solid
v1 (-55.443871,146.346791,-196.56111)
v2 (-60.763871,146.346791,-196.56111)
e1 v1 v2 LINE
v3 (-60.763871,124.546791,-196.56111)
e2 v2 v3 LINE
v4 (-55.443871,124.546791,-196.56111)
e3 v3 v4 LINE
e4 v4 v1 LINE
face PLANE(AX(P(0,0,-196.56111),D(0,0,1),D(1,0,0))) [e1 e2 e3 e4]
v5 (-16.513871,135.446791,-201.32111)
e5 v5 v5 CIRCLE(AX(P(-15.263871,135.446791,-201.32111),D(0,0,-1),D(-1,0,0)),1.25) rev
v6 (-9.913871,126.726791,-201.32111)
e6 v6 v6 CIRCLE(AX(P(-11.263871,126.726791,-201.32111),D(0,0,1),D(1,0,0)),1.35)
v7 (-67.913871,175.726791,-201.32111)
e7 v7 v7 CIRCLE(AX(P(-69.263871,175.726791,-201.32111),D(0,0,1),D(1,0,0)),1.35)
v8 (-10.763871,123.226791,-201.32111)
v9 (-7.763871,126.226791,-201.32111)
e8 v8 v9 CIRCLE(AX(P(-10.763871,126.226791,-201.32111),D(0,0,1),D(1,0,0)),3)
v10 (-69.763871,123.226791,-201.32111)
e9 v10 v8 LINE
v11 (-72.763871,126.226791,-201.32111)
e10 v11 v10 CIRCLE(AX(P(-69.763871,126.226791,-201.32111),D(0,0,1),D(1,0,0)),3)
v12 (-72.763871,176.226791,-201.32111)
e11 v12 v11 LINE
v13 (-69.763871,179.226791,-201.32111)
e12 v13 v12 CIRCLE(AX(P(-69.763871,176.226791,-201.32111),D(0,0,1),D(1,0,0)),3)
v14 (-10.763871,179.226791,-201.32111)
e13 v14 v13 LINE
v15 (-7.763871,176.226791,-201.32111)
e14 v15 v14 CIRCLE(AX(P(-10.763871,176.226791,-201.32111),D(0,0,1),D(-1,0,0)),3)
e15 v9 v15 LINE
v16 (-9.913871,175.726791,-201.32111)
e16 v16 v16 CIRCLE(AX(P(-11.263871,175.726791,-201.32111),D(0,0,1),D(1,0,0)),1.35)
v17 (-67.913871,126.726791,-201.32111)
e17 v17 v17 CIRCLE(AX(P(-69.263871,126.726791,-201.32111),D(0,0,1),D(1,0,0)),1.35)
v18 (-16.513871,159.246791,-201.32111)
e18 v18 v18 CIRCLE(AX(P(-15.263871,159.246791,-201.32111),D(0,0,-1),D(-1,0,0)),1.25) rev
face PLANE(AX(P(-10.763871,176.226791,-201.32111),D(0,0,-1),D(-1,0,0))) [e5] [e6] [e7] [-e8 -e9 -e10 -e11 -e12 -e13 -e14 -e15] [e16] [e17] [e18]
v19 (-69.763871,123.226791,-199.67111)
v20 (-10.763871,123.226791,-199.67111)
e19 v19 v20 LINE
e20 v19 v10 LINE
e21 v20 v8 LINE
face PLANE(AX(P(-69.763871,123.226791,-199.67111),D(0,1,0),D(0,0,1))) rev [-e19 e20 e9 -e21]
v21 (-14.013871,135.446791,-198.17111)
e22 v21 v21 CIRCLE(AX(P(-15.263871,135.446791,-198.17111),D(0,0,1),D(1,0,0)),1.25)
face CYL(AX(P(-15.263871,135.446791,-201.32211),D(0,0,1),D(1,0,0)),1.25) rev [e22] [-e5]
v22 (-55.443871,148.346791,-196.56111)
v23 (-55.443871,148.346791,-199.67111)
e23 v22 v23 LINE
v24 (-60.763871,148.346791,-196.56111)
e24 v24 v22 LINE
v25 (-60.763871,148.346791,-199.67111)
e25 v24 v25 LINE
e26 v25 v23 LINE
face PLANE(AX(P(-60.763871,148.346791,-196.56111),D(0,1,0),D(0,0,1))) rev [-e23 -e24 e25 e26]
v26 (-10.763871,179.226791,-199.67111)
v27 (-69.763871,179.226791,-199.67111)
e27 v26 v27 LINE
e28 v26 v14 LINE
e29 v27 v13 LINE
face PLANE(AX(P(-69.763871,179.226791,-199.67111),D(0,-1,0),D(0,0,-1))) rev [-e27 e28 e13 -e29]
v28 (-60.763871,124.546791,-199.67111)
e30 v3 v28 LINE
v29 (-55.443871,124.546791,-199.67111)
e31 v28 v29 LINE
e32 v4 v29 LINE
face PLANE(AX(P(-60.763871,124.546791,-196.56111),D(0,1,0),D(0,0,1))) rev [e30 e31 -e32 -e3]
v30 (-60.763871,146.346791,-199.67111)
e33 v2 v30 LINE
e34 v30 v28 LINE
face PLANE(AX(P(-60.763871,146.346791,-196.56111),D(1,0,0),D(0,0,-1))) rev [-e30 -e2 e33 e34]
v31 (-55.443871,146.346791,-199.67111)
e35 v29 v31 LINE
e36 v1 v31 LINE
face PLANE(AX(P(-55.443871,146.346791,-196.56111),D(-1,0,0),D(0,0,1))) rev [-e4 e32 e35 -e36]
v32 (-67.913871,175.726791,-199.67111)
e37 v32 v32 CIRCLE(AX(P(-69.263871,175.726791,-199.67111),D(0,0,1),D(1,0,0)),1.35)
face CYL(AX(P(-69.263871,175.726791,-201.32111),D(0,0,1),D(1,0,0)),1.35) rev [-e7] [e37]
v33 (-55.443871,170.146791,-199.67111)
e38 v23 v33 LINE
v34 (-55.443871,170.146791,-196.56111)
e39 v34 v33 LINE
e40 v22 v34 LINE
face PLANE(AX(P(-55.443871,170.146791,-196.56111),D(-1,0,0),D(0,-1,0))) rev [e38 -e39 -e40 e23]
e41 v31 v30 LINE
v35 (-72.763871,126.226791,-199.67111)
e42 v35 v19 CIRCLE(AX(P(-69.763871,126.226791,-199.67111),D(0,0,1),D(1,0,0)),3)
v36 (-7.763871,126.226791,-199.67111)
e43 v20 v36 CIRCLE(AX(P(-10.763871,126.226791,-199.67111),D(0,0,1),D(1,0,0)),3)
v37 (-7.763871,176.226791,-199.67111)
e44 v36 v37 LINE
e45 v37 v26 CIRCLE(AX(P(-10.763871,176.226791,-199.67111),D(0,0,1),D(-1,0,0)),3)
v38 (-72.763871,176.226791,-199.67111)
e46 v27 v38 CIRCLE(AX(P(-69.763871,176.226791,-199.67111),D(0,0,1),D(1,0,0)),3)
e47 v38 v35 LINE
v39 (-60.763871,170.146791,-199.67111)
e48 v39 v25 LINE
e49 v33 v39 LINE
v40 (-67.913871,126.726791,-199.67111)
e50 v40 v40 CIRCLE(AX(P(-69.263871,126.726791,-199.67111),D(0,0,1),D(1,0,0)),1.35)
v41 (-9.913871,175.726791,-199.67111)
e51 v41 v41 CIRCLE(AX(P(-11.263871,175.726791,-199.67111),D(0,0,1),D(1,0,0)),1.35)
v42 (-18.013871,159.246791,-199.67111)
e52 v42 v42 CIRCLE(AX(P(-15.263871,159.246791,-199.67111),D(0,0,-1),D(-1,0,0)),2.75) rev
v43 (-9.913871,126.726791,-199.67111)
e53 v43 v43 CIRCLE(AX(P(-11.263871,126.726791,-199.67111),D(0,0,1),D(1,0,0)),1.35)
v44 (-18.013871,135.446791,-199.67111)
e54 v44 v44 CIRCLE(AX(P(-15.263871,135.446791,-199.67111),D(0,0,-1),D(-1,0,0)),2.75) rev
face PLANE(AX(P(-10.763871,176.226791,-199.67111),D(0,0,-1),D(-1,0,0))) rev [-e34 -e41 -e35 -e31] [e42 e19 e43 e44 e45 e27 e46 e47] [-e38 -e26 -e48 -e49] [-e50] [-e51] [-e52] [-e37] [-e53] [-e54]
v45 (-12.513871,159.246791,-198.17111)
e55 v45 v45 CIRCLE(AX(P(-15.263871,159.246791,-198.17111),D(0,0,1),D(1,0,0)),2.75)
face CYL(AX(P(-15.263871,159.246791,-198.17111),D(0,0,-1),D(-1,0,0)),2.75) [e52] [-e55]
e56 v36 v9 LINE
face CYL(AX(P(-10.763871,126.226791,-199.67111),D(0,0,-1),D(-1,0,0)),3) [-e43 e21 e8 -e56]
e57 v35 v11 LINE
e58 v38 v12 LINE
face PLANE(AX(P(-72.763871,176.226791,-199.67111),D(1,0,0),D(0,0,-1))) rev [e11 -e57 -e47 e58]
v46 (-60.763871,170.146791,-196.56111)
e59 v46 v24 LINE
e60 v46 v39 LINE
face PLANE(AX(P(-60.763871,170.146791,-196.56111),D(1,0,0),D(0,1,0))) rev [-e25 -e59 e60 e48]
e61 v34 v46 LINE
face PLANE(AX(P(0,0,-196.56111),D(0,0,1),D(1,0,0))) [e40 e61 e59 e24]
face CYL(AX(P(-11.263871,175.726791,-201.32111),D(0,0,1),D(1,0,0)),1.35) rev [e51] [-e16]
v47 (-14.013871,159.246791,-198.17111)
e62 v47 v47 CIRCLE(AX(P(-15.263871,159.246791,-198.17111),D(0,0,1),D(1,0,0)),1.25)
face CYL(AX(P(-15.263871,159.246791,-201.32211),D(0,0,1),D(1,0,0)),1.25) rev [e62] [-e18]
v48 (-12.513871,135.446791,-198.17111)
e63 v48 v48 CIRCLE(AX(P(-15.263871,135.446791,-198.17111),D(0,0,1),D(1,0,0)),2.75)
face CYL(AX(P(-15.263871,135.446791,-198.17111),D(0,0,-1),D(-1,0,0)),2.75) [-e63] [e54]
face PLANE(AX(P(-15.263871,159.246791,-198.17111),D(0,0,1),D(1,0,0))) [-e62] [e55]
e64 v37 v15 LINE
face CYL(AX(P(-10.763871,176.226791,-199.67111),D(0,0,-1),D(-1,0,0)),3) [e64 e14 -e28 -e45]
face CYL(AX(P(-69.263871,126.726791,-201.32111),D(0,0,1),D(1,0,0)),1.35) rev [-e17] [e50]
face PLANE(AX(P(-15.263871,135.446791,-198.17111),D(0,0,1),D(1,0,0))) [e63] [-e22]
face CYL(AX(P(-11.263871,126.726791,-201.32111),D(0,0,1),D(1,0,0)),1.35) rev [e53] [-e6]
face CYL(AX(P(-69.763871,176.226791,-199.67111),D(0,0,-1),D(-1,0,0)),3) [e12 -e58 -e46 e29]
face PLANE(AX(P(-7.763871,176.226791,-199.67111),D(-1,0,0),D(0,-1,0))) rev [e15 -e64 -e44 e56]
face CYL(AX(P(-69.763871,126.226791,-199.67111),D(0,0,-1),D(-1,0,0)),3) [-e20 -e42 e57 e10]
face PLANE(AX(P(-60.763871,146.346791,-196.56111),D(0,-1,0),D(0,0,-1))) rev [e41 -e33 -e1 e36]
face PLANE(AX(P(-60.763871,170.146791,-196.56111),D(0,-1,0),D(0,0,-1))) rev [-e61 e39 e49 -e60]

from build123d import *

# Parameters (mm, degrees)
EXTRUDE_1_DEPTH     = 1.65
SKETCH_2_R          = 1.35
CUT_EXTRUDE_1_DEPTH = 1.65
SKETCH_3_W          = 5.32
SKETCH_3_H          = 21.8
EXTRUDE_2_DEPTH     = 3.11
SKETCH_4_R          = 2.75
EXTRUDE_3_DEPTH     = 1.5
CUT_EXTRUDE_2_REACH = 5.15
SKETCH_5_R          = 1.25


with BuildPart() as part:
    # 草图1 → 凸台-拉伸1 (new body)
    with BuildSketch(Plane(origin=(23.590329777, 87.741111173, -201.321110376), x_dir=(1, 0, 0), z_dir=(0, 0, 1))):
        with BuildLine():
            Line((-93.354201199, 91.485679355), (-34.354201199, 91.485679355))
            ThreePointArc((-34.354201199, 91.485679355), (-32.232880856, 90.606999698), (-31.354201199, 88.485679355))
            Line((-31.354201199, 88.485679355), (-31.354201199, 38.485679355))
            ThreePointArc((-31.354201199, 38.485679355), (-32.232880856, 36.364359011), (-34.354201199, 35.485679355))
            Line((-34.354201199, 35.485679355), (-93.354201199, 35.485679355))
            ThreePointArc((-93.354201199, 35.485679355), (-95.475521543, 36.364359011), (-96.354201199, 38.485679355))
            Line((-96.354201199, 38.485679355), (-96.354201199, 88.485679355))
            ThreePointArc((-96.354201199, 88.485679355), (-95.475521543, 90.606999698), (-93.354201199, 91.485679355))
        make_face()
    extrude(amount=EXTRUDE_1_DEPTH)

    # 草图2 → 切除-拉伸1 (cut)
    with BuildSketch(Plane.XY.offset(-199.671110376)):
        with Locations((-69.263871422, 175.726790528)):
            Circle(SKETCH_2_R)
        with Locations((-11.263871422, 175.726790528)):
            Circle(SKETCH_2_R)
        with Locations((-69.263871422, 126.726790528)):
            Circle(SKETCH_2_R)
        with Locations((-11.263871422, 126.726790528)):
            Circle(SKETCH_2_R)
    extrude(amount=-CUT_EXTRUDE_1_DEPTH, mode=Mode.SUBTRACT)

    # 草图3 → 凸台-拉伸2 (add)
    with BuildSketch(Plane.XY.offset(-199.671110376)):
        with Locations((-58.103871422, 159.246790528)):
            Rectangle(SKETCH_3_W, SKETCH_3_H)
        with Locations((-58.103871422, 135.446790528)):
            Rectangle(SKETCH_3_W, SKETCH_3_H)
    extrude(amount=EXTRUDE_2_DEPTH)

    # 草图4 → 凸台-拉伸3 (add)
    with BuildSketch(Plane.XY.offset(-199.671110376)):
        with Locations((-15.263871422, 135.446790528)):
            Circle(SKETCH_4_R)
        with Locations((-15.263871422, 159.246790528)):
            Circle(SKETCH_4_R)
    extrude(amount=EXTRUDE_3_DEPTH)

    # 草图5 → 切除-拉伸2 (cut, up to next)
    with BuildSketch(Plane.XY.offset(-198.171110376), mode=Mode.PRIVATE) as cut_extrude_2_sk1:
        with Locations((-15.263871422, 159.246790528)):
            Circle(SKETCH_5_R)
    cut_extrude_2_tool1 = extrude(cut_extrude_2_sk1.sketch, amount=-CUT_EXTRUDE_2_REACH, mode=Mode.PRIVATE) & part.part
    add(cut_extrude_2_tool1.solids().sort_by_distance((-15.263871, 159.246791, -198.17111))[0], mode=Mode.SUBTRACT)
    # 草图5 → 切除-拉伸2 (cut, up to next)
    with BuildSketch(Plane.XY.offset(-198.171110376), mode=Mode.PRIVATE) as cut_extrude_2_sk2:
        with Locations((-15.263871422, 135.446790528)):
            Circle(SKETCH_5_R)
    cut_extrude_2_tool2 = extrude(cut_extrude_2_sk2.sketch, amount=-CUT_EXTRUDE_2_REACH, mode=Mode.PRIVATE) & part.part
    add(cut_extrude_2_tool2.solids().sort_by_distance((-15.263871, 135.446791, -198.17111))[0], mode=Mode.SUBTRACT)


solid = part.part
